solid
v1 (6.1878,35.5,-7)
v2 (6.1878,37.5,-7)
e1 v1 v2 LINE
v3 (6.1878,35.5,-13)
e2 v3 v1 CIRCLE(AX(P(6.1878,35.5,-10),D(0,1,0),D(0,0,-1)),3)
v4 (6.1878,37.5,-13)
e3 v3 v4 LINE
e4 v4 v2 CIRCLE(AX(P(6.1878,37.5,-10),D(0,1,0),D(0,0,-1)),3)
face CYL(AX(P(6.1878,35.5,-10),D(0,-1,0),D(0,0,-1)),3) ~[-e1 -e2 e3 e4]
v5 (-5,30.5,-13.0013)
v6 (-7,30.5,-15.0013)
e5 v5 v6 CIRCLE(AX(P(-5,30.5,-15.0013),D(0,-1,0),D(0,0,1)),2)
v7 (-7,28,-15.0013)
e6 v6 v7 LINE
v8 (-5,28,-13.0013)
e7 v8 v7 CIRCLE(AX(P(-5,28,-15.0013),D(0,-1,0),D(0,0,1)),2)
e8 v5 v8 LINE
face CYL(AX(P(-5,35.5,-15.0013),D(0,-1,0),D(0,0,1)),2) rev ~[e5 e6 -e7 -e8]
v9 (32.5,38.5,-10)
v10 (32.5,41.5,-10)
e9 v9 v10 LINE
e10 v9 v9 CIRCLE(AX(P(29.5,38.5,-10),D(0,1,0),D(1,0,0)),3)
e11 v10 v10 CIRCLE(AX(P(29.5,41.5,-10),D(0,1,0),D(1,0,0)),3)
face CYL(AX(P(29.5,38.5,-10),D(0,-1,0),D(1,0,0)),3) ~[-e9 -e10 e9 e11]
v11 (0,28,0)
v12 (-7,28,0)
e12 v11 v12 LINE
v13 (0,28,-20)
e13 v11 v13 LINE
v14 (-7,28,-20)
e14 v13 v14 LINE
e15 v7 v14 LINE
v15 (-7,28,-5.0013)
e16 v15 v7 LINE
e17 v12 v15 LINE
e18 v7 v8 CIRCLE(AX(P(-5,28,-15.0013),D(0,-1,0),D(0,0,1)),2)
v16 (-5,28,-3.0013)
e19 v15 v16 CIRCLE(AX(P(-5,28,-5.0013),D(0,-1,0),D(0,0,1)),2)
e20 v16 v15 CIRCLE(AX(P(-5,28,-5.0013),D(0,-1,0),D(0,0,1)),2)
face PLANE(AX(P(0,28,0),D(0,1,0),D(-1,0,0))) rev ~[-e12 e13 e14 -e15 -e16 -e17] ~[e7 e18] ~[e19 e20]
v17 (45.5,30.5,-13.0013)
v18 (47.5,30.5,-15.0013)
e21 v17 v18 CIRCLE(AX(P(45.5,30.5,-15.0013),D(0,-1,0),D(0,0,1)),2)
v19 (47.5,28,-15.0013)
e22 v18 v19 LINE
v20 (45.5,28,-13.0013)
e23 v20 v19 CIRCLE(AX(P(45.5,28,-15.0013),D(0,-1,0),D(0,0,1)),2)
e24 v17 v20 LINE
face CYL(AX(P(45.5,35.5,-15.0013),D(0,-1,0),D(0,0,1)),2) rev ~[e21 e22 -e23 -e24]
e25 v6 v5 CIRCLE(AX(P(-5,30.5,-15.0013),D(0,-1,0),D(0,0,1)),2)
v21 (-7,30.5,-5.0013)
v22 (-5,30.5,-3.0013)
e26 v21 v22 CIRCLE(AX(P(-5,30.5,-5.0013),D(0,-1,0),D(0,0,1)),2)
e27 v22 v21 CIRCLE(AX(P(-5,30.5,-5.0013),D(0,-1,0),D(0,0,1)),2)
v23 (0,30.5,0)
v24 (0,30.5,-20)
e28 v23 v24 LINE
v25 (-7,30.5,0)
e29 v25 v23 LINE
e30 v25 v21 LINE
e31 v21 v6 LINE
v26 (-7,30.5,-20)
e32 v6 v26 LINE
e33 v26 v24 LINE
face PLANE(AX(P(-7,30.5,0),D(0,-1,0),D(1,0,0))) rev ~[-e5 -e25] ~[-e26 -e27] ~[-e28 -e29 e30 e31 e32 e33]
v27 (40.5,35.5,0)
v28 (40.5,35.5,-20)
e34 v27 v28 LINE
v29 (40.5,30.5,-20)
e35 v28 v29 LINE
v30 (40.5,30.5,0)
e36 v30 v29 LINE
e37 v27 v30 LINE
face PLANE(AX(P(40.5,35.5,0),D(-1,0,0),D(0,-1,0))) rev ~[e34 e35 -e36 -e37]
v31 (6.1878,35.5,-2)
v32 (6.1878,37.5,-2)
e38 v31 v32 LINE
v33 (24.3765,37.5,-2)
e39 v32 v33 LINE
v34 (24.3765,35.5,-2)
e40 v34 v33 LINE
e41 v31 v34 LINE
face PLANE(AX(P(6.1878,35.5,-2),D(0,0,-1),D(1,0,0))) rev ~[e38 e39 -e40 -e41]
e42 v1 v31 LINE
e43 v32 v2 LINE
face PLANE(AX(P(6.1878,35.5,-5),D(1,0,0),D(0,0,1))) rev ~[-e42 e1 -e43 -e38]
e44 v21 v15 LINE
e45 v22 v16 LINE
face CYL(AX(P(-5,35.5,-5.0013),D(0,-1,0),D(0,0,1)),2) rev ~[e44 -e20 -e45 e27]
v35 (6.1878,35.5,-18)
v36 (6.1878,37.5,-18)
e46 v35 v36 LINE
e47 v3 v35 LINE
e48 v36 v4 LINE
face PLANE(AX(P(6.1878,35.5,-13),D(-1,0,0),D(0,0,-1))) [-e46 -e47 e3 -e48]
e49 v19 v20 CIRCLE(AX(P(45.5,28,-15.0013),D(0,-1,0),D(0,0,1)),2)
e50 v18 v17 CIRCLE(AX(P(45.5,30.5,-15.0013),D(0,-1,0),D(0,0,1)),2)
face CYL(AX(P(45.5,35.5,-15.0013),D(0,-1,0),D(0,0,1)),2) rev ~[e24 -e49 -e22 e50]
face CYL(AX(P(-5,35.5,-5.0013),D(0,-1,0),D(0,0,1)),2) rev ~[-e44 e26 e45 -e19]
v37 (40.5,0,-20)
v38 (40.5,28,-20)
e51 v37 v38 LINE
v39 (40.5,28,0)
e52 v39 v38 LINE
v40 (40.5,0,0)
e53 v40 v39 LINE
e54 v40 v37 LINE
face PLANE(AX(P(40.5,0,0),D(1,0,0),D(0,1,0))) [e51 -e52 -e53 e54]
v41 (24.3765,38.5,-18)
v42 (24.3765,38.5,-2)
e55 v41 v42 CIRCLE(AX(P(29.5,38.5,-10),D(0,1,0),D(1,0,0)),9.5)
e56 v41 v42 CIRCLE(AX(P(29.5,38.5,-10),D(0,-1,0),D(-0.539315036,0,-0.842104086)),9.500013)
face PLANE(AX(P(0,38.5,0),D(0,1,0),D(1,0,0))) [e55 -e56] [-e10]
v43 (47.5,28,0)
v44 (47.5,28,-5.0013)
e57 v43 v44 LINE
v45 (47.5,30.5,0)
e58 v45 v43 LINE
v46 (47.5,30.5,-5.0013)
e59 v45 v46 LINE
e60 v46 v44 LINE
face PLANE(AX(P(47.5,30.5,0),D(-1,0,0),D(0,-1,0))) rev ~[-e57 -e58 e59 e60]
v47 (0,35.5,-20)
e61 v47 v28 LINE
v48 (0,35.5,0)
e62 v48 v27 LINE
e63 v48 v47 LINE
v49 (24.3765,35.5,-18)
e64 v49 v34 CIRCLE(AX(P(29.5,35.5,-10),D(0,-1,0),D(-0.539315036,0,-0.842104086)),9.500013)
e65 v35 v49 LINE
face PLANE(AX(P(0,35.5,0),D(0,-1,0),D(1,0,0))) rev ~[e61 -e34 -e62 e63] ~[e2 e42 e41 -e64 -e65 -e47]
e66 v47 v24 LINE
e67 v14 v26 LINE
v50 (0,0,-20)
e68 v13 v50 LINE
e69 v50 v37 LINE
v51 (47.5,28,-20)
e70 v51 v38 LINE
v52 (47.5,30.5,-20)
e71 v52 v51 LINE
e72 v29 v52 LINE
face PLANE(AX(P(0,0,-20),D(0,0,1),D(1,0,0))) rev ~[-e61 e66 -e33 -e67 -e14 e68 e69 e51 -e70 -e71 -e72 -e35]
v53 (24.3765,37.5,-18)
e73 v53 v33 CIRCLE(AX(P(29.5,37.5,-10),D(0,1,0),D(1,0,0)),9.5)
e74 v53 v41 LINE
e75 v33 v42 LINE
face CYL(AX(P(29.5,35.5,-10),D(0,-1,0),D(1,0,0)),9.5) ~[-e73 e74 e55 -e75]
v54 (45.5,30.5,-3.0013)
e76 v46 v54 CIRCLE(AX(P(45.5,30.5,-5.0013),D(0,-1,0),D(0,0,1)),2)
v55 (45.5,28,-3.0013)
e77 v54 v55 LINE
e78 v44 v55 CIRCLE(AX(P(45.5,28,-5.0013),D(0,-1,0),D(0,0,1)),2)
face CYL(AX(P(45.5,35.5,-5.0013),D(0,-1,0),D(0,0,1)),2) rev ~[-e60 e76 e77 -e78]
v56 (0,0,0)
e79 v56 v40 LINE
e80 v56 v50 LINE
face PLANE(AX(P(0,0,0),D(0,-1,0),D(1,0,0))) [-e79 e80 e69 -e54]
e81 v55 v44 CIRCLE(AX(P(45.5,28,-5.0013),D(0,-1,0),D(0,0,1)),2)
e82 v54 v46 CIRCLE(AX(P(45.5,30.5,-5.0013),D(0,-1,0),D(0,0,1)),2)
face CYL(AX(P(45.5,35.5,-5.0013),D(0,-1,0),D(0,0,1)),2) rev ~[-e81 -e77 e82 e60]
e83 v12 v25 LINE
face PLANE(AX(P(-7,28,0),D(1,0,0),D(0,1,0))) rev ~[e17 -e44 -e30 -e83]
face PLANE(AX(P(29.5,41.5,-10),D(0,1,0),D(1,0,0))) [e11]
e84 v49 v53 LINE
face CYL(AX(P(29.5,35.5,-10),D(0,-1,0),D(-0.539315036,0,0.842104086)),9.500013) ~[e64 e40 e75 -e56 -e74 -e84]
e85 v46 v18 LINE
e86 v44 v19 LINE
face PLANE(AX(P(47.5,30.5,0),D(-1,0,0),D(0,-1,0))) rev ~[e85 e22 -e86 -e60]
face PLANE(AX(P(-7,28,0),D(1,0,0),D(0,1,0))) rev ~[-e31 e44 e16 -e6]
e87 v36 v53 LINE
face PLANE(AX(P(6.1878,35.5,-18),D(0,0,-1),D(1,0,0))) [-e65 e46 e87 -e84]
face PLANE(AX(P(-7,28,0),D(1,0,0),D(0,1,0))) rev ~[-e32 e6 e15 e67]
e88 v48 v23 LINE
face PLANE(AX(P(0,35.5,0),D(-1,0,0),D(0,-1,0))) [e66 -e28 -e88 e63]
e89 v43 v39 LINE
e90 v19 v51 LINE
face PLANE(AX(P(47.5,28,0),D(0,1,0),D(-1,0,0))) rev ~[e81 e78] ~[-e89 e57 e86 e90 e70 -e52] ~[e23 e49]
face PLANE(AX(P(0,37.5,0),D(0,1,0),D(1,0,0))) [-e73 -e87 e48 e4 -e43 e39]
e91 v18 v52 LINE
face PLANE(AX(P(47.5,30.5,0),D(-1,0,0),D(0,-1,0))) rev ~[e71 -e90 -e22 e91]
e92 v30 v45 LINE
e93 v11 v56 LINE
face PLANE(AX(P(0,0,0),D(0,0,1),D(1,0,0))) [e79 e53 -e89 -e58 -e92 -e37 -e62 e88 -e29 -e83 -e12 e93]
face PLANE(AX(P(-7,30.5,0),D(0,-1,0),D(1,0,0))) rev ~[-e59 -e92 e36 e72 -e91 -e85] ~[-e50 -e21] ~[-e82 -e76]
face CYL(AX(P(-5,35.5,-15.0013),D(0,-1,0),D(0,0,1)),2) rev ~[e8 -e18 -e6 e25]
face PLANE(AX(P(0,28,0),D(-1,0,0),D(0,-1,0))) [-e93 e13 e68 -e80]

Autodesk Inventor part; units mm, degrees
ref_plane "YZ Plane" through (0, 0, 0) normal (1, 0, 0) x (0, 1, 0)
ref_plane "XZ Plane" through (0, 0, 0) normal (0, 1, 0) x (-1, 0, 0)
ref_plane "XY Plane" through (0, 0, 0) normal (0, 0, 1) x (1, 0, 0)
sketch "Boceto1" plane through (0, 0, 0) normal (0, 0, 1) x (1, 0, 0)
  line L0 (0, 0) -> (40.5, 0)
  line L1 (40.5, 0) -> (40.5, 28)
  line L2 (40.5, 28) -> (0, 28)
  line L3 (0, 28) -> (0, 0)
extrude "Extrusión1" add sketch "Boceto1" against normal blind 20
sketch "Boceto2" plane through (0, 0, 0) normal (0, 0, 1) x (1, 0, 0)
  line L0 (0, 0) -> (0, 28) projected
  line L1 (0, 28) -> (-7, 28)
  line L2 (-7, 28) -> (-7, 30.5)
  line L3 (-7, 30.5) -> (47.5, 30.5)
  line L4 (47.5, 30.5) -> (47.5, 28)
  line L5 (40.5, 28) -> (40.5, 0) projected
  line L6 (47.5, 28) -> (40.5, 28)
  line L7 (40.5, 28) -> (0, 28)
extrude "Extrusión2" add sketch "Boceto2" against normal blind 20
sketch "Boceto3" plane through (0, 0, 0) normal (0, 0, 1) x (1, 0, 0)
  line L0 (0, 35.5) -> (0, 30.5)
  line L1 (47.5, 30.5) -> (-7, 30.5) projected
  line L2 (0, 30.5) -> (40.5, 30.5)
  line L3 (0, 35.5) -> (40.5, 35.5)
  line L4 (40.5, 35.5) -> (40.5, 30.5)
  point P0 (0, 0)
extrude "Extrusión3" add sketch "Boceto3" against normal blind 20
sketch "Boceto4" plane through (0, 35.5, 0) normal (0, 1, 0) x (1, 0, 0)
  circle A0 centre (45.5, 5.0013) radius 2
  circle A1 centre (45.5, 15.0013) radius 2
  line L0 (-7, 0) -> (-7, 20) projected
  circle A2 centre (-5, 15.0013) radius 2
  circle A3 centre (-5, 5.0013) radius 2
  point P0 (0, 0)
hole "Agujero1" at (-5, 35.5, -15.0013) at (-5, 35.5, -5.0013) at (45.5, 35.5, -5.0013) at (45.5, 35.5, -15.0013) direction (0, -1, 0) diameter 4 end through all
sketch "Boceto5" plane through (0, 35.5, 0) normal (0, 1, 0) x (1, 0, 0)
  arc A0 (24.3765, 2) -> (24.3765, 18) centre (29.5, 10) ccw
  arc A1 (6.1878, 13) -> (6.1878, 7) centre (6.1878, 10) ccw
  line L0 (6.1878, 13) -> (6.1878, 15)
  line L1 (6.1878, 7) -> (6.1878, 5)
  line L2 (0, 20) -> (40.5, 20) projected
  line L3 (6.1878, 15) -> (6.1878, 18)
  line L4 (6.1878, 5) -> (6.1878, 2)
  line L5 (6.1878, 2) -> (24.3765, 2)
  line L6 (6.1878, 18) -> (24.3765, 18)
  circle A2 centre (29.5, 10) radius 9.5
  point P0 (24.3765, 18)
  point P1 (24.3765, 2)
  point P2 (24.3765, 2)
  point P3 (24.3765, 18)
extrude "Extrusión4" add sketch "Boceto5" along normal blind 3 contours A2 A0
extrude "Extrusión5" add sketch "Boceto5" along normal blind 2 contours L5 L4 L1 A1 L0 L3 L6 A2
sketch "Boceto6" plane through (29.5, 38.5, -10) normal (0, 1, 0) x (1, 0, 0)
  circle A0 centre (0, 0) radius 3
  point P0 (-29.5, -10)
extrude "Extrusión6" add sketch "Boceto6" along normal blind 3
thread "Rosca1" size "M6x1" class "6g" standard "ANSI Metric M Profile" length 2
sketch "Boceto7" plane through (29.5, 41.5, -10) normal (0, 1, 0) x (1, 0, 0)
  point P0 (-29.5, -10)
properties part number "Servo" material "Oro"
